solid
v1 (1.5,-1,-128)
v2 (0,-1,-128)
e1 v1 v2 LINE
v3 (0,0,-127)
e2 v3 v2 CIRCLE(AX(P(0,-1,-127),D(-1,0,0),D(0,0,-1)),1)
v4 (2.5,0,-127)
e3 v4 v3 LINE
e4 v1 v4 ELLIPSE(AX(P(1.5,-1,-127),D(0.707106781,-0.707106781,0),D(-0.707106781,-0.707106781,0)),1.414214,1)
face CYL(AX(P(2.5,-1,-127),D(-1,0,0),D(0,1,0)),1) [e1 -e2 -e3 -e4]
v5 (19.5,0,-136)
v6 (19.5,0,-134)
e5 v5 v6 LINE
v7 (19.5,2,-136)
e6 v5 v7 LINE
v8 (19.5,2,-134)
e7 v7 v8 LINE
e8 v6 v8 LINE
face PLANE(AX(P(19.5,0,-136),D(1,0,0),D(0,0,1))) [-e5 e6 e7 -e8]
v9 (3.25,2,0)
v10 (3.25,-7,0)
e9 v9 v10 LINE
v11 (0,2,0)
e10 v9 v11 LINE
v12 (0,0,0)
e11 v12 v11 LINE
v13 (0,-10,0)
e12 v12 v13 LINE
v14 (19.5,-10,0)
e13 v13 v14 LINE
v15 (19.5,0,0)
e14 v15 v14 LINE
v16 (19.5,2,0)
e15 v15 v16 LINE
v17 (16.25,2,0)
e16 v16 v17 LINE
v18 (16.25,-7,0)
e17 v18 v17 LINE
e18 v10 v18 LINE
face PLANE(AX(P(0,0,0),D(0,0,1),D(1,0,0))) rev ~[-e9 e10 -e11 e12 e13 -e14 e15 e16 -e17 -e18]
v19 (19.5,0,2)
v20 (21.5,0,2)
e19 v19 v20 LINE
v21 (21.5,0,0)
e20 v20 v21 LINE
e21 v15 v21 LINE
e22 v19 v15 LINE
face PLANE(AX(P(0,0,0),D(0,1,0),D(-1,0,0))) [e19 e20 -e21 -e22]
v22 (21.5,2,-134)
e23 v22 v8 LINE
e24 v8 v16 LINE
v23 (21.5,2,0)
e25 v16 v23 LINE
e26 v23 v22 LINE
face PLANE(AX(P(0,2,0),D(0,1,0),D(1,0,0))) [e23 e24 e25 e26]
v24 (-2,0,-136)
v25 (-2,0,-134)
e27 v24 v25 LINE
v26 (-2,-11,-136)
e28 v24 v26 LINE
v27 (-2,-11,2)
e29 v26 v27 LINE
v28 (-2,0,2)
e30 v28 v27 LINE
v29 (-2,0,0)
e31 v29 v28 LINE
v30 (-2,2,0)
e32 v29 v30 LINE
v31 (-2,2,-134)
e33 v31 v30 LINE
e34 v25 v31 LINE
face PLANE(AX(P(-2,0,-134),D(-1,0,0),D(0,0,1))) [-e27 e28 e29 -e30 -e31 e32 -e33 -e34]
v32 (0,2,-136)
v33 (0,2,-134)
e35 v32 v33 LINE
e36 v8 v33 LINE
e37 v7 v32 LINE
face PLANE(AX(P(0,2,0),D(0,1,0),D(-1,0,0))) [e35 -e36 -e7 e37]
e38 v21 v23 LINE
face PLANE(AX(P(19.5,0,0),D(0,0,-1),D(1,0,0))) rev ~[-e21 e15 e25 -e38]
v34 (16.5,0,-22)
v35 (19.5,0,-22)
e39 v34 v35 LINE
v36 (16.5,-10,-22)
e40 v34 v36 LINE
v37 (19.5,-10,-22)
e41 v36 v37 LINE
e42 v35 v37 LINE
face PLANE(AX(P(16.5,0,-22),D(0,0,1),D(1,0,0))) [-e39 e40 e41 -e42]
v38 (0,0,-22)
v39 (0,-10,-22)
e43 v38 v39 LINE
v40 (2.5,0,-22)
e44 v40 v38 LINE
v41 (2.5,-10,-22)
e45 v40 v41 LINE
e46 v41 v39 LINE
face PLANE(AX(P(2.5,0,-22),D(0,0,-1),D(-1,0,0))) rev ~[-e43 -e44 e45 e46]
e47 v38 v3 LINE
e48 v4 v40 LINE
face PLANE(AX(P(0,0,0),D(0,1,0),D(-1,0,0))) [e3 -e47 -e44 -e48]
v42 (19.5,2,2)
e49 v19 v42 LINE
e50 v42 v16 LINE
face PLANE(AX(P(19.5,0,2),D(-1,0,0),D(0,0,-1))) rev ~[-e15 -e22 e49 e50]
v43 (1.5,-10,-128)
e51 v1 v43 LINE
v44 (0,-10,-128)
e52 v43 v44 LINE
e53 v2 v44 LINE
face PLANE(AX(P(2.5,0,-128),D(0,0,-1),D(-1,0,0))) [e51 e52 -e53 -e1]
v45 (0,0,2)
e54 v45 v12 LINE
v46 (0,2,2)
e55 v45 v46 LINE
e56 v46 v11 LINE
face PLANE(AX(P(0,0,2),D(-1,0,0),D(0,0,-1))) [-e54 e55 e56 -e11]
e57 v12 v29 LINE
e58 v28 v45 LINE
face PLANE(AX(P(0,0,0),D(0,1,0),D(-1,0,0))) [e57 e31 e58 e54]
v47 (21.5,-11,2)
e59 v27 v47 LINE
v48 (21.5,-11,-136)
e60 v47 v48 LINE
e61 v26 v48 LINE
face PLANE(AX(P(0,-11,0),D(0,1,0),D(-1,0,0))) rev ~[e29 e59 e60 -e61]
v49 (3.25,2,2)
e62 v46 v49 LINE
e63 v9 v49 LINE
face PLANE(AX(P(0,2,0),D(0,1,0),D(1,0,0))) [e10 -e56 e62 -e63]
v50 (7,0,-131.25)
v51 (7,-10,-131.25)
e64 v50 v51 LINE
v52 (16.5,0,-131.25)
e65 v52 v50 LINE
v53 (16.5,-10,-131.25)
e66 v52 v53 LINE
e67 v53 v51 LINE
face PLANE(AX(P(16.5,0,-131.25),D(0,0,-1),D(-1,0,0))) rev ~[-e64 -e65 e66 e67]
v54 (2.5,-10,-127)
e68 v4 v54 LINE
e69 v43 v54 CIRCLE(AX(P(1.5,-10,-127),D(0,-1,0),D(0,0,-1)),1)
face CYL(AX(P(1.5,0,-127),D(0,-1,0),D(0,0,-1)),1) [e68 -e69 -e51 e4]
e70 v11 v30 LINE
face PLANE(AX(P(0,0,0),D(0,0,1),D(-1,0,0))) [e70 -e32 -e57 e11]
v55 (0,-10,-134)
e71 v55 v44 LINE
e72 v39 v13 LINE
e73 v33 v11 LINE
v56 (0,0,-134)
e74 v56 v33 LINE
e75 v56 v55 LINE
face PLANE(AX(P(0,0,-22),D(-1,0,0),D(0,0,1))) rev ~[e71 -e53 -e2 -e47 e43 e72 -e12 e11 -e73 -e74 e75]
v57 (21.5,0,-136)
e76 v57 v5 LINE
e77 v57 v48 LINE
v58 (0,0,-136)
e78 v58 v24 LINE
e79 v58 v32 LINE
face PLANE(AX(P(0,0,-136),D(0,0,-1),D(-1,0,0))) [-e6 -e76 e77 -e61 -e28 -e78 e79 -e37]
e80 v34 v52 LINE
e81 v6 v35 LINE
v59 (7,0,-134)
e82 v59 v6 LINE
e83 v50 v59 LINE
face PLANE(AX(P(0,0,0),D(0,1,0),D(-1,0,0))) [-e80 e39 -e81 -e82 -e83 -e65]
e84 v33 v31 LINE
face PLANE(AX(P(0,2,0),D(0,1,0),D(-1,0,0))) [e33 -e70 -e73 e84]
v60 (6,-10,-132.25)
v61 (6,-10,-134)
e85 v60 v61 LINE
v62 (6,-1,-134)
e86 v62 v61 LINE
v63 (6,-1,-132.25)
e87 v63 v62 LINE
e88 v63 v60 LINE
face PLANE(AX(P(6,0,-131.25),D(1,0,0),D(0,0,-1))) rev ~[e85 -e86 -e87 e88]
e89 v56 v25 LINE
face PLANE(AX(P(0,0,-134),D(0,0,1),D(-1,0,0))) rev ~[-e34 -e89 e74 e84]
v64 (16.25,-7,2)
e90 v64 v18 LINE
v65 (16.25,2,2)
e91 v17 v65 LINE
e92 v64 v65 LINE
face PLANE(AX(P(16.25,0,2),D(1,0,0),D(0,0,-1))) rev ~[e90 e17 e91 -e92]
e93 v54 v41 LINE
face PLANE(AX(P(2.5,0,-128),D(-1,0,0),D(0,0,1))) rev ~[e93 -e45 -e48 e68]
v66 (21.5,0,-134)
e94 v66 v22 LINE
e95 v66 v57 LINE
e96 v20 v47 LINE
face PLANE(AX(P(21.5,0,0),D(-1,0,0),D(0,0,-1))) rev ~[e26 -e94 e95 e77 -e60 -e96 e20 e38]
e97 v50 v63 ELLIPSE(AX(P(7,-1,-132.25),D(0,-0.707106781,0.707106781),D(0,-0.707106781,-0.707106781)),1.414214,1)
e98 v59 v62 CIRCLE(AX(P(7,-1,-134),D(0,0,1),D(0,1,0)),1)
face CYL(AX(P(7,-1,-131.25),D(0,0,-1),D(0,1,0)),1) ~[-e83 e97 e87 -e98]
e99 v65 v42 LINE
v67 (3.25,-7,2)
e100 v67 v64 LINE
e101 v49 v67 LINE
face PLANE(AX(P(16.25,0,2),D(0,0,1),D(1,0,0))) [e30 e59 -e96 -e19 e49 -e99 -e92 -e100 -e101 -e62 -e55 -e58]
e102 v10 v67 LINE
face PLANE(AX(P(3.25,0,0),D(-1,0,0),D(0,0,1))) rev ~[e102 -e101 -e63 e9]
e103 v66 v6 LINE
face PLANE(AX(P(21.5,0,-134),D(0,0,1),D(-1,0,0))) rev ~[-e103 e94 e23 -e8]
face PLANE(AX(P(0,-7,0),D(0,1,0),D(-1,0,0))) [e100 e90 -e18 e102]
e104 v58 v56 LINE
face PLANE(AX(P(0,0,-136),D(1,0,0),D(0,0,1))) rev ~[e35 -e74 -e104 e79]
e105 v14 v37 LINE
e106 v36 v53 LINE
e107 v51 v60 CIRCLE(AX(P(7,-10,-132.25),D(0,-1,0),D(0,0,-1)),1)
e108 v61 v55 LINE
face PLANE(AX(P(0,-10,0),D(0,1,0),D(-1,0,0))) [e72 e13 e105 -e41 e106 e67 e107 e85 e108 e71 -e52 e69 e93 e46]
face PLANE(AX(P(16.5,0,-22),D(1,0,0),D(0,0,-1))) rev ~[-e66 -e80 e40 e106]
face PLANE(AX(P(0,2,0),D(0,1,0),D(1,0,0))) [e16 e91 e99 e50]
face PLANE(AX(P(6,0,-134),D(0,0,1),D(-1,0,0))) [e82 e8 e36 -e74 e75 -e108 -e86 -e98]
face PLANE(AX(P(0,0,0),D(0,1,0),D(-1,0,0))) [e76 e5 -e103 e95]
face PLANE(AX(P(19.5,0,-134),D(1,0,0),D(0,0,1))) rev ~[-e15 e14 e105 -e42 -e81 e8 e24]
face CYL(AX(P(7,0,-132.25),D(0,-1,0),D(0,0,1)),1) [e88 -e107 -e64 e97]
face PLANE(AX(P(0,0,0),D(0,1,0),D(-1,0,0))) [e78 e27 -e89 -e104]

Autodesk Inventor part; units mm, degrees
ref_plane "YZ Plane" through (0, 0, 0) normal (1, 0, 0) x (0, 1, 0)
ref_plane "XZ Plane" through (0, 0, 0) normal (0, 1, 0) x (-1, 0, 0)
ref_plane "XY Plane" through (0, 0, 0) normal (0, 0, 1) x (1, 0, 0)
sketch "Sketch1" plane through (0, 0, 0) normal (0, 1, 0) x (-1, 0, 0)
  line L0 (0, 0) -> (-19.5, 0)
  line L1 (-19.5, 0) -> (-19.5, -134)
  line L2 (-19.5, -134) -> (0, -134)
  line L3 (0, -134) -> (0, 0)
  line L4 (2, 2) -> (-21.5, 2)
  line L5 (-21.5, 2) -> (-21.5, -136)
  line L6 (-21.5, -136) -> (2, -136)
  line L7 (2, -136) -> (2, 2)
  line L8 (-2.5, -22) -> (-16.5, -22)
  line L9 (-16.5, -22) -> (-16.5, -131.25)
  line L10 (-16.5, -131.25) -> (-2.5, -131.25)
  line L11 (-2.5, -131.25) -> (-2.5, -22)
  line L12 (-2.5, -22) -> (0, -22)
  line L13 (-2.5, -22) -> (0, -22) construction
  line L14 (-16.5, -22) -> (-19.5, -22)
  line L15 (-16.5, -22) -> (-13.5, -22) construction
  line L16 (-6.724, -131.25) -> (-3.974, -131.25) construction
  line L17 (-6, -131.25) -> (-6, -134)
  line L18 (-2.5, -128) -> (0, -128)
  line L19 (-3.25, 2) -> (-16.25, 2)
  line L20 (-16.25, 2) -> (-16.25, 0)
  line L21 (-16.25, 0) -> (-3.25, 0)
  line L22 (-3.25, 0) -> (-3.25, 2)
  line L23 (-19.5, 0) -> (-21.5, 0)
  line L24 (-21.5, 0) -> (-21.5, 2)
  line L25 (-21.5, 2) -> (-19.5, 2)
  line L26 (-19.5, 2) -> (-19.5, 0)
  line L27 (0, 0) -> (2, 0)
  line L28 (2, 0) -> (2, 2)
  line L29 (2, 2) -> (0, 2)
  line L30 (0, 2) -> (0, 0)
  line L31 (0, -134) -> (2, -134)
  line L32 (2, -134) -> (2, -136)
  line L33 (2, -136) -> (0, -136)
  line L34 (0, -136) -> (0, -134)
  line L35 (-19.5, -134) -> (-21.5, -134)
  line L36 (-21.5, -134) -> (-21.5, -136)
  line L37 (-21.5, -136) -> (-19.5, -136)
  line L38 (-19.5, -136) -> (-19.5, -134)
  dimension "d0" = 19.5
  dimension "d1" = 134
  dimension "d2" = 2
  dimension "d3" = 2
  dimension "d4" = 2
  dimension "d5" = 2
  dimension "d6" = 14
  dimension "d7" = 109.25
  dimension "d8" = 22
  dimension "d9" = 2.5
  dimension "d10" = 0
  dimension "d11" = 180
  dimension "d17" = 6
  dimension "d18" = 6
  dimension "d20" = 13
  dimension "d21" = 5.25
extrude "Extrusion1" add sketch "Sketch1" against normal blind 11
extrude "Extrusion2" cut sketch "Sketch1" against normal blind 10 contours L3 L12 L8 L14 L1 L0 | L3 L2 L17 L10 L11 L18 | L11 L10 L9 L8
fillet "Fillet1" radius 1 4 edges at (2.5, -5, -128) (1.25, 0, -128) (6, 0, -132.625) (6, -5, -131.25)
extrude "Extrusion3" cut sketch "Sketch1" against normal blind 7 contours L0 L20 L4 L22
extrude "Extrusion5" add sketch "Sketch1" along normal blind 2 contours L27 L7 L31 L3 | L34 L6 L38 L2
sketch "Sketch2" plane through (0, 0, 0) normal (0, 1, 0) x (1, 0, 0)
  line L0 (19.5, 0) -> (0, 0) projected
  line L1 (19.5, 0) -> (21.5, 0)
  line L2 (21.5, 0) -> (21.5, 134)
  line L3 (21.5, 134) -> (19.5, 134)
  line L4 (19.5, 134) -> (19.5, 0)
  line L5 (16.25, -2) -> (3.25, -2) projected
  line L6 (19.5, 0) -> (16.25, 0)
  line L7 (16.25, 0) -> (16.25, -2)
  line L8 (16.25, -2) -> (19.5, -2)
  line L9 (19.5, -2) -> (19.5, 0)
  line L10 (-2, -2) -> (3.25, -2) projected
  line L11 (0, 0) -> (3.25, 0)
  line L12 (3.25, 0) -> (3.25, -2)
  line L13 (3.25, -2) -> (0, -2)
  line L14 (0, -2) -> (0, 0)
  dimension "d28" = 2
  dimension "d29" = 134
extrude "Extrusion6" add sketch "Sketch2" along normal blind 2 contours L9 L8 L7 L0 | L4 L3 L2 L1 | L12 L10 L14 L0
properties part number "case-bottom"
